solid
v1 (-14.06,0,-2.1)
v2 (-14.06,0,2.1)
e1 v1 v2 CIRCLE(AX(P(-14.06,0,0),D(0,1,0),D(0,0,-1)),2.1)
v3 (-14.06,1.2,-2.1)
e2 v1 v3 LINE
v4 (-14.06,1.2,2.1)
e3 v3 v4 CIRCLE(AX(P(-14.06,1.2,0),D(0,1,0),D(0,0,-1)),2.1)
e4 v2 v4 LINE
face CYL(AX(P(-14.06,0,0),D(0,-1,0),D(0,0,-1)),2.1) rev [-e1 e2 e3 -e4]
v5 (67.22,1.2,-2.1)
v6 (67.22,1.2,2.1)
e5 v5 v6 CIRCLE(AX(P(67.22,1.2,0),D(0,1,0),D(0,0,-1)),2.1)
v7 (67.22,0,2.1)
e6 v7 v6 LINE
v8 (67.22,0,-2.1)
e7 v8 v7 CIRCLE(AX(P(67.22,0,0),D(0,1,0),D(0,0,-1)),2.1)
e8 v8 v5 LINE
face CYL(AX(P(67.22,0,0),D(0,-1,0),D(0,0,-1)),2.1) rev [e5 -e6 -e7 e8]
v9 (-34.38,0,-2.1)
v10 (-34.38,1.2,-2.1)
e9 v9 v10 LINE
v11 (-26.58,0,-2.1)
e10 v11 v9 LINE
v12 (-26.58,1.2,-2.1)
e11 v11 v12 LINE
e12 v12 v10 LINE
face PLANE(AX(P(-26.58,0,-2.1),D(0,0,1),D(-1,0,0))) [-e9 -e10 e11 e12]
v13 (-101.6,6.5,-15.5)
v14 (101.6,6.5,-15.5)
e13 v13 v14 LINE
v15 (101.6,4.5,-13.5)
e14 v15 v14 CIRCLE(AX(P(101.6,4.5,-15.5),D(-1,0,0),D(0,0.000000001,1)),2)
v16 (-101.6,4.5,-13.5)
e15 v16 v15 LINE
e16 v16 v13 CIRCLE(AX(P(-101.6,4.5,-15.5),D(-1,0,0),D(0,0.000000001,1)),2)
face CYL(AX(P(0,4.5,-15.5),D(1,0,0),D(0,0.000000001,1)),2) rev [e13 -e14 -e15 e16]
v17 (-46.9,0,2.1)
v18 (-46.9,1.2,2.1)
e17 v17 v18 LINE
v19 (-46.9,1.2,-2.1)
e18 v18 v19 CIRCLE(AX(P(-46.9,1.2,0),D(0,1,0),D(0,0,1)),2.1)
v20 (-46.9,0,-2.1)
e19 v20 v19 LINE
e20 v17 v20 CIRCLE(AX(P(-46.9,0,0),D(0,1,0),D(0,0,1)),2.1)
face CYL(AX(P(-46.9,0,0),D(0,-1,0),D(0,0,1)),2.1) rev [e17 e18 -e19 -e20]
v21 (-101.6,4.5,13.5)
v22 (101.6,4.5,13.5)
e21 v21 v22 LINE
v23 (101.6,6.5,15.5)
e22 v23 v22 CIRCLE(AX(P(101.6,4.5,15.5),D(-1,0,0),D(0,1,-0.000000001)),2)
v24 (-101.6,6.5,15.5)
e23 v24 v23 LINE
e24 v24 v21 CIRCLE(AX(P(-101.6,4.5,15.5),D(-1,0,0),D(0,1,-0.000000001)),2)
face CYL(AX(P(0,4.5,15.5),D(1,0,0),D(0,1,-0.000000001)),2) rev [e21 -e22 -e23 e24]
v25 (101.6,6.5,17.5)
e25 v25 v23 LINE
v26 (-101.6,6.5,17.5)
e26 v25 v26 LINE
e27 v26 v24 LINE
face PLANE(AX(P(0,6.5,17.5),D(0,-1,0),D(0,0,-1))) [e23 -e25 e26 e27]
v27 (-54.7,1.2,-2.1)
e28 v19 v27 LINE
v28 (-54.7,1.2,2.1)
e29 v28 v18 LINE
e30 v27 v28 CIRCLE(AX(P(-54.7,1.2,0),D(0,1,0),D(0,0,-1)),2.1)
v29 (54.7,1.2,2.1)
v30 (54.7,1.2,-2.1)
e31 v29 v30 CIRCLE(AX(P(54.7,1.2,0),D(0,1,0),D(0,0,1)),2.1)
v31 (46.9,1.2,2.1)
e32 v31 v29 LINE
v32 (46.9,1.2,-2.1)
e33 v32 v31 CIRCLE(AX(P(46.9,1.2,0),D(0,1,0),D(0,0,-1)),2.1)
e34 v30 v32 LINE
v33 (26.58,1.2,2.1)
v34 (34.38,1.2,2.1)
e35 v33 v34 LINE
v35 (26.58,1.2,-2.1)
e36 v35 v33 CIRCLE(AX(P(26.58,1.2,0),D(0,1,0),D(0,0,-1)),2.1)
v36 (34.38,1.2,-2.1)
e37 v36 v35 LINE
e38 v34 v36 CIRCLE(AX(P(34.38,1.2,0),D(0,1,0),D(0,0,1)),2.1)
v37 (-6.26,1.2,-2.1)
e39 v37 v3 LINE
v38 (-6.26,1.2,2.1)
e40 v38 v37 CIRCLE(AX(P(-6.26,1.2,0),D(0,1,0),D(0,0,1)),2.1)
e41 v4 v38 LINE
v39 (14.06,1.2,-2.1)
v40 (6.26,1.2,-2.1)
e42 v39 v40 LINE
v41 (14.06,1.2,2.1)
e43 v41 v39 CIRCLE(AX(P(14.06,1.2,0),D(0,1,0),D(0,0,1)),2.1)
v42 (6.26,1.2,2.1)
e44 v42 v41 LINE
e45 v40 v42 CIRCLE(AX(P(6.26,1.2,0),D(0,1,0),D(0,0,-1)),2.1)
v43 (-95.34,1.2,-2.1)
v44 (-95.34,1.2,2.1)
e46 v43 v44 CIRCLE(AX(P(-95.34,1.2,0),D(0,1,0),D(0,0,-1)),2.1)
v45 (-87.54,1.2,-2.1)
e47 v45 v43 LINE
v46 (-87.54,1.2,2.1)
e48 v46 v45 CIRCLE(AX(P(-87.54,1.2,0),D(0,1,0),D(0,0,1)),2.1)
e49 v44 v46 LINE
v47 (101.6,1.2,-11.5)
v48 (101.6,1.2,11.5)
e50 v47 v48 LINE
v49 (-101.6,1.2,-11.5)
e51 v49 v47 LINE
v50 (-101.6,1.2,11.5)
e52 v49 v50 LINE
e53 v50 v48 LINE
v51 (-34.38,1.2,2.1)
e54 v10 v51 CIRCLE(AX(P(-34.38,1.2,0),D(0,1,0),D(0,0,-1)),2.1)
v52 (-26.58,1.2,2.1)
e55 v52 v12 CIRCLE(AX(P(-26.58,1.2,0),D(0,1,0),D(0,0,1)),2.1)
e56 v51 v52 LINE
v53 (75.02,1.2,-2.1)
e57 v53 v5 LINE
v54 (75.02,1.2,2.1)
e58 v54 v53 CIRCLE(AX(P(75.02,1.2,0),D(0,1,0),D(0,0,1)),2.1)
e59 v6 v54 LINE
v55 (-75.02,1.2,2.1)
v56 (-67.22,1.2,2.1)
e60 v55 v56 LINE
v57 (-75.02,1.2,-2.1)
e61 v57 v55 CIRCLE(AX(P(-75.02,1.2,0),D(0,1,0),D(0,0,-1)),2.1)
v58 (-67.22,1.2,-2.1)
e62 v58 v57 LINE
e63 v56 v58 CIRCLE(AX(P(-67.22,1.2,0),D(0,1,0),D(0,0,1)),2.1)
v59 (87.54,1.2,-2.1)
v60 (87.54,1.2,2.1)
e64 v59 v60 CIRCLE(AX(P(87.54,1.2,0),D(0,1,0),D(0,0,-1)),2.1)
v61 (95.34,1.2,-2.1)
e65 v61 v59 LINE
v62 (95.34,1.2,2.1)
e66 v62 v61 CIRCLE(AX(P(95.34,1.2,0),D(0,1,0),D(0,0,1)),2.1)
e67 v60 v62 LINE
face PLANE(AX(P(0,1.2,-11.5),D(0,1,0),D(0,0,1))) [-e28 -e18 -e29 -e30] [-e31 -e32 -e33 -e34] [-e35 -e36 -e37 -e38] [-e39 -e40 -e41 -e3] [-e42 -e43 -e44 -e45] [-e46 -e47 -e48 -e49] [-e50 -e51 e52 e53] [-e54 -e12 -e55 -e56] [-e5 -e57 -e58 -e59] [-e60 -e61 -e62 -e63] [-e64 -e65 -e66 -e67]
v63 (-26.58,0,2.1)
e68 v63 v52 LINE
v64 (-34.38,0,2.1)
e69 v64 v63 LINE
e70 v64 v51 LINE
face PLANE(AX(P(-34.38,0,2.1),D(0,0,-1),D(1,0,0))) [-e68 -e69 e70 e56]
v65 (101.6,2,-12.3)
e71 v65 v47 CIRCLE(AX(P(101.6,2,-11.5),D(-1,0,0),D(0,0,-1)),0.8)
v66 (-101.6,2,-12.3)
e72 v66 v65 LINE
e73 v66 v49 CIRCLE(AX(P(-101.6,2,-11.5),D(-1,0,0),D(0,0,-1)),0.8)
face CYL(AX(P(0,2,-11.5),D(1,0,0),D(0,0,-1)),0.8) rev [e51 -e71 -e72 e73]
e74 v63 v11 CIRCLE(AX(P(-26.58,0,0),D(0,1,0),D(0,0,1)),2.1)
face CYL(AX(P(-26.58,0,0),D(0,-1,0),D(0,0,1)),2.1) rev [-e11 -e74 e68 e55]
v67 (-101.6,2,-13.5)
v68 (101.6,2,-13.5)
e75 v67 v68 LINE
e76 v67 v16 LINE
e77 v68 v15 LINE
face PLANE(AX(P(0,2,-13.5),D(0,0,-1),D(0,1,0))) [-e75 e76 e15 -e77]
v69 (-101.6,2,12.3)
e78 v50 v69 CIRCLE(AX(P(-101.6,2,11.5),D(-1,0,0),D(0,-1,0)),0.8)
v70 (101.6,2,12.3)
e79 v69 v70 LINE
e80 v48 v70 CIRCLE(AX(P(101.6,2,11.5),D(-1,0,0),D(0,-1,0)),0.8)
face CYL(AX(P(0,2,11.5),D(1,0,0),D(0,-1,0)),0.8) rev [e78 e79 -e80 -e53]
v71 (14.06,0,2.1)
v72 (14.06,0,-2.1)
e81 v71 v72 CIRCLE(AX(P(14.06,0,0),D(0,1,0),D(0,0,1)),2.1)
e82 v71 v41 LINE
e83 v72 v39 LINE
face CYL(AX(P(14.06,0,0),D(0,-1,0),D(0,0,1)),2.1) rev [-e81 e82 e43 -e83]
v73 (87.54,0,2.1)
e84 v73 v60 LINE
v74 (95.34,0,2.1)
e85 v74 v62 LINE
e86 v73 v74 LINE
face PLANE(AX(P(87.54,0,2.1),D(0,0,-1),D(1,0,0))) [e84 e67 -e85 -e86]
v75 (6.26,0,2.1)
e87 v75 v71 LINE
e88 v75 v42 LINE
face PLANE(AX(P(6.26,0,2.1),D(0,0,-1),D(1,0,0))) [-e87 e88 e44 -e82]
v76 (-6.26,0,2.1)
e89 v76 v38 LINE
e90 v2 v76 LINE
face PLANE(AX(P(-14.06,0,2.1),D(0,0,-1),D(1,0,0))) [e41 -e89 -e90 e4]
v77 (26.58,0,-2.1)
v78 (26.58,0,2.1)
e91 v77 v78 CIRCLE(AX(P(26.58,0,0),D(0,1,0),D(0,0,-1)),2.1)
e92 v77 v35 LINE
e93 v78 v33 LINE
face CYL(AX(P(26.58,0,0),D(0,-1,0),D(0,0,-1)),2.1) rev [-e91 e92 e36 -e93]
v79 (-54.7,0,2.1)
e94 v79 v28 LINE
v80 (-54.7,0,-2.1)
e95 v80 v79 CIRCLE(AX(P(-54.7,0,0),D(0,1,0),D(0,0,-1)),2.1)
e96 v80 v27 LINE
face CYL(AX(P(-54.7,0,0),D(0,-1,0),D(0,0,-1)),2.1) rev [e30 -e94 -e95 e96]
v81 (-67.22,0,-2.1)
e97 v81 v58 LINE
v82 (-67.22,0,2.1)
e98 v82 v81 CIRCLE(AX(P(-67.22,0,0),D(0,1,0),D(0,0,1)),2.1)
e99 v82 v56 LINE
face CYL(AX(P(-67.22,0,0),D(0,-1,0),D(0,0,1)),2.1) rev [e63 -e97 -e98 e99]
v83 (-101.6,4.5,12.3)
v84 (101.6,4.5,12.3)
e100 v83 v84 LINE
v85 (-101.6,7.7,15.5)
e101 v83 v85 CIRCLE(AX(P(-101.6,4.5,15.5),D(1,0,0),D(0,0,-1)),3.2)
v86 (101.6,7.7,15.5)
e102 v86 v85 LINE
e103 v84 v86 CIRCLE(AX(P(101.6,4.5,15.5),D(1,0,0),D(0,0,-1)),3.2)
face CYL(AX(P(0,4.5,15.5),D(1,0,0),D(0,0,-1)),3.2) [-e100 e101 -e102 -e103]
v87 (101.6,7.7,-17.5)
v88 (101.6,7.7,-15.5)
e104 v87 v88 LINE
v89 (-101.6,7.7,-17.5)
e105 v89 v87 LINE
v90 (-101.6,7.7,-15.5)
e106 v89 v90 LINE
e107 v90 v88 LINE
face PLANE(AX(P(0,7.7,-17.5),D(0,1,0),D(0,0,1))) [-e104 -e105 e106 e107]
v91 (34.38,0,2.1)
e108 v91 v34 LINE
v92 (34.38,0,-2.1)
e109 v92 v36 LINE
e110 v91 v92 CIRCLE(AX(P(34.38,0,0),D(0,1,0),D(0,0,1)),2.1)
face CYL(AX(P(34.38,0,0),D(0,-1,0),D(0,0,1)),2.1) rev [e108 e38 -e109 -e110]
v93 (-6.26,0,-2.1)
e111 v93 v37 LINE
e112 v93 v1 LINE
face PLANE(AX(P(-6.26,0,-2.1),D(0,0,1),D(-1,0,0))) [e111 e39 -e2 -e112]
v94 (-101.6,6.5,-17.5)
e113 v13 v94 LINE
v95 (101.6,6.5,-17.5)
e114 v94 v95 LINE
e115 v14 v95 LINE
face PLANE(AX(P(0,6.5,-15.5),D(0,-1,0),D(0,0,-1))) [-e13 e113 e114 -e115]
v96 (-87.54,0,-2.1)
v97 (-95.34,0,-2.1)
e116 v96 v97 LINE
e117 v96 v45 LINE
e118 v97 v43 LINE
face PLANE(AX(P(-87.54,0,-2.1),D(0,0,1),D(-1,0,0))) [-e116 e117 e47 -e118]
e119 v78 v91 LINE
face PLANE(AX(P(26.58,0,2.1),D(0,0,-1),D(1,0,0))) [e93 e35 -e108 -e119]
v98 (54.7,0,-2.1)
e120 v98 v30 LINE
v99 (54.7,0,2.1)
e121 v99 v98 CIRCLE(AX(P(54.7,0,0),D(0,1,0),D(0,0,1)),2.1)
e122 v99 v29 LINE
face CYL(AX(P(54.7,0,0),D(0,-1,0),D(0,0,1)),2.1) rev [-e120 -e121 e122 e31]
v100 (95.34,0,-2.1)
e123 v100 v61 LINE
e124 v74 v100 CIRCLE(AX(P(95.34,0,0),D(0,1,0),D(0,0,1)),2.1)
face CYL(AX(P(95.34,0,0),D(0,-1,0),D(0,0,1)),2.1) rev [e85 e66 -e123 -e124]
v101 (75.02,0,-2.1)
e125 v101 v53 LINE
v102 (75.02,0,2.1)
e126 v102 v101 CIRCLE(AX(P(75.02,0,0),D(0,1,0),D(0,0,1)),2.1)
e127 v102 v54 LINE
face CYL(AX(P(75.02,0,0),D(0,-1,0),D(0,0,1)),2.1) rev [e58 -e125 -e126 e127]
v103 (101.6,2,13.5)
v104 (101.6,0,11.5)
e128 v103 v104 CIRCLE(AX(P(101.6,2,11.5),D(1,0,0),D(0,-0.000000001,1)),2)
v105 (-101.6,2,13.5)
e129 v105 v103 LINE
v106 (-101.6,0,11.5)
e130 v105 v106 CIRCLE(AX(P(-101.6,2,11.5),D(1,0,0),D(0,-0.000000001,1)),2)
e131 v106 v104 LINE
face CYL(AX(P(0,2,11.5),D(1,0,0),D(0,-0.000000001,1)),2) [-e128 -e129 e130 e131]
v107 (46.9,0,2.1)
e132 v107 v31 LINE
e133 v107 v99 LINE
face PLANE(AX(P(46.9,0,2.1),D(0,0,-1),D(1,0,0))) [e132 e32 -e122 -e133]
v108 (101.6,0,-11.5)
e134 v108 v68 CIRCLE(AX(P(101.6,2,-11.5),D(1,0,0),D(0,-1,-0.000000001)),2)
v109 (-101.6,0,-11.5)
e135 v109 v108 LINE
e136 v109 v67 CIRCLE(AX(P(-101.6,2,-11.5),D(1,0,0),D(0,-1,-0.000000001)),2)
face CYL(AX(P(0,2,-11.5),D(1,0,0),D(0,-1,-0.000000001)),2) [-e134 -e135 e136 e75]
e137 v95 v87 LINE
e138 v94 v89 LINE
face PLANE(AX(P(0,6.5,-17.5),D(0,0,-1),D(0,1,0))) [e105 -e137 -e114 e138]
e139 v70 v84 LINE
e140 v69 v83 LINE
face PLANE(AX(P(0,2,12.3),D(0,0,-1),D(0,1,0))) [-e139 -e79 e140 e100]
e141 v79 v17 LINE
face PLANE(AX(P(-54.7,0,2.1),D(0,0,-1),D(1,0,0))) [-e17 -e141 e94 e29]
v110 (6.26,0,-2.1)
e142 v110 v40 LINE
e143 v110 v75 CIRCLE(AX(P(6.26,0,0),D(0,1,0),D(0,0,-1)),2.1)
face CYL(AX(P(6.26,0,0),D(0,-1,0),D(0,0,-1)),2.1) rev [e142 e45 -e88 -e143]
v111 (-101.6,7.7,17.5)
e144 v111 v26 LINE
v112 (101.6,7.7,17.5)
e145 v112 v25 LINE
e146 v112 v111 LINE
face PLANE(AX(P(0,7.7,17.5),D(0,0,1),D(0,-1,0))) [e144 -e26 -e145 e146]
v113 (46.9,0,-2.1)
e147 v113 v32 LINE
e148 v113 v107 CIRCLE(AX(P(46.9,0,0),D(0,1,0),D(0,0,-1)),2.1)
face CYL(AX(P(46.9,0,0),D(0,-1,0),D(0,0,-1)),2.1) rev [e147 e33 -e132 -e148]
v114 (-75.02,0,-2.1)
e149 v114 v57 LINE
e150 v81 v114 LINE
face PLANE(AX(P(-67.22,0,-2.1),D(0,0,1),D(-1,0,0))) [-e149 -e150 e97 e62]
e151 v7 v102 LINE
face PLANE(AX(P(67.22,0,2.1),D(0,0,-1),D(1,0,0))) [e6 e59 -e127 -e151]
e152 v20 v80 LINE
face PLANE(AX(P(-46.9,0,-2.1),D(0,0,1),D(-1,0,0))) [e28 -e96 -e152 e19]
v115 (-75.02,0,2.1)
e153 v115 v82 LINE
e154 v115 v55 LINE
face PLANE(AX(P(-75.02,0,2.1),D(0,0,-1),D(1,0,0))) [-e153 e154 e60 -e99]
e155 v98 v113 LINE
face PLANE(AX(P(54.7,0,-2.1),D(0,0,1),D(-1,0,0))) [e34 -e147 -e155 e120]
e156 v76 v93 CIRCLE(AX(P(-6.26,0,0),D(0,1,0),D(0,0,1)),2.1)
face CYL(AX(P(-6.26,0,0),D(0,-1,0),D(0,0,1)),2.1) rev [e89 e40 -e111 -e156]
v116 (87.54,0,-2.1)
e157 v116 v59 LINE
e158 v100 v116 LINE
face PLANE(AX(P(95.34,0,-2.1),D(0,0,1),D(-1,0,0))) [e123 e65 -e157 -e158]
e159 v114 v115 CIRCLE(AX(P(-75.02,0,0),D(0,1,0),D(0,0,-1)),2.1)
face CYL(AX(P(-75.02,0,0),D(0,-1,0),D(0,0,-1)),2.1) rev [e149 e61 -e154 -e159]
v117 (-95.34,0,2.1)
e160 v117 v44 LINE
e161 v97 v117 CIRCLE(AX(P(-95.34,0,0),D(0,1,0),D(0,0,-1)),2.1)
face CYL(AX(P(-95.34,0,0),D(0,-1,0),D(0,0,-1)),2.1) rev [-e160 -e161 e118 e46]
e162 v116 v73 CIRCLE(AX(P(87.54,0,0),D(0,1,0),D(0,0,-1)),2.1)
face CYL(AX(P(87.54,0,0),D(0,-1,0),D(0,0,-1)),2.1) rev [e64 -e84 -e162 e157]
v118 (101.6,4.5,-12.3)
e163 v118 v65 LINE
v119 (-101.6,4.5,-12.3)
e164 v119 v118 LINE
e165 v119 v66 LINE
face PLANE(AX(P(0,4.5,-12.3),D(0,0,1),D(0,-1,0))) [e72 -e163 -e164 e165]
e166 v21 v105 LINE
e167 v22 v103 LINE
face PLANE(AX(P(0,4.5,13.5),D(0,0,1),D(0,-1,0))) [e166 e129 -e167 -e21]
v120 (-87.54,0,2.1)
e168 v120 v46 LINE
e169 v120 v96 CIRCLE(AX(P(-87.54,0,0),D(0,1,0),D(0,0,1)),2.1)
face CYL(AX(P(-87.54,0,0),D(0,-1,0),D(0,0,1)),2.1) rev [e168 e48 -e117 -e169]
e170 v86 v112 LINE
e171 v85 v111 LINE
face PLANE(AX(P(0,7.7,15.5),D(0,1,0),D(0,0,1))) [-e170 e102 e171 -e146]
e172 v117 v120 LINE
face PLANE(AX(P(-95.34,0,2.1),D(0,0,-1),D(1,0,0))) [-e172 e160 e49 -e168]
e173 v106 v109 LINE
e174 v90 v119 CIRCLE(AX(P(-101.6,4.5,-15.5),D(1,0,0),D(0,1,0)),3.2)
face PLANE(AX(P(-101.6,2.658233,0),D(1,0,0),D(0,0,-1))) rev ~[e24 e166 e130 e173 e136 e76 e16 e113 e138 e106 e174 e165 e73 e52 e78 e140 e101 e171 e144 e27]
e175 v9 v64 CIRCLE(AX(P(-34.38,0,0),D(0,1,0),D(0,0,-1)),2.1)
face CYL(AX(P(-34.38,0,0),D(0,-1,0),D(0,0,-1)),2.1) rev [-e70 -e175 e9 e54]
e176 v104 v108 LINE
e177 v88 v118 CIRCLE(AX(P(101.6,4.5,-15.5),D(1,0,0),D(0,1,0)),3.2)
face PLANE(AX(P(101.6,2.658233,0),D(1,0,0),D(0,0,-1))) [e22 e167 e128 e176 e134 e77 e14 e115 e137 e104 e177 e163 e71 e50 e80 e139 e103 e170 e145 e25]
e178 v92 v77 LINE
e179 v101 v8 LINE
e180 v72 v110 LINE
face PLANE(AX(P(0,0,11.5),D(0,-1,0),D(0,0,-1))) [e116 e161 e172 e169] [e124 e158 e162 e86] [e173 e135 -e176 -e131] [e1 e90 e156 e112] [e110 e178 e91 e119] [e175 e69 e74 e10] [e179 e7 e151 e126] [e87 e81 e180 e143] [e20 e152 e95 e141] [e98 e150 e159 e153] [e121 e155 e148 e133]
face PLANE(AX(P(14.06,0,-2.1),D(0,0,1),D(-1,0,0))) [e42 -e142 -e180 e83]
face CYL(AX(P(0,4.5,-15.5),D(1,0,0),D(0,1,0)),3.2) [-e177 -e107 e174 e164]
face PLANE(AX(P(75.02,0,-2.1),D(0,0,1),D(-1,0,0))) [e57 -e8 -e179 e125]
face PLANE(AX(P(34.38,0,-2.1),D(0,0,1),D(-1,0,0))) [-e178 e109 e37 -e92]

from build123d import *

# Parameters (mm, degrees)
EXTRUDE_THIN1_DEPTH = 101.6
CUT_EXTRUDE1_DEPTH  = 1.2
LPATTERN1_COUNT     = 10
LPATTERN1_PITCH     = 20.32


with BuildPart() as part:
    # Sketch1 → Extrude-Thin1 (new body, symmetric)
    with BuildSketch(Plane(origin=(0, 0, 0), x_dir=(0, 0, -1), z_dir=(1, 0, 0))):
        with BuildLine():
            Line((-17.5, 6.5), (-15.5, 6.5))
            ThreePointArc((-15.5, 6.5), (-14.085786438, 5.914213562), (-13.5, 4.5))
            Line((-13.5, 4.5), (-13.5, 2))
            ThreePointArc((-13.5, 2), (-12.914213562, 0.585786438), (-11.5, 0))
            Line((-11.5, 0), (11.5, 0))
            ThreePointArc((11.5, 0), (12.914213562, 0.585786438), (13.5, 2))
            Line((13.5, 2), (13.5, 4.5))
            ThreePointArc((13.5, 4.5), (14.085786438, 5.914213562), (15.5, 6.5))
            Line((15.5, 6.5), (17.5, 6.5))
            Line((17.5, 6.5), (17.5, 7.7))
            Line((17.5, 7.7), (15.5, 7.7))
            ThreePointArc((15.5, 7.7), (13.2372583, 6.7627417), (12.3, 4.5))
            Line((12.3, 4.5), (12.3, 2))
            ThreePointArc((12.3, 2), (12.065685425, 1.434314575), (11.5, 1.2))
            Line((11.5, 1.2), (-11.5, 1.2))
            ThreePointArc((-11.5, 1.2), (-12.065685425, 1.434314575), (-12.3, 2))
            Line((-12.3, 2), (-12.3, 4.5))
            ThreePointArc((-12.3, 4.5), (-13.2372583, 6.7627417), (-15.5, 7.7))
            Line((-15.5, 7.7), (-17.5, 7.7))
            Line((-17.5, 7.7), (-17.5, 6.5))
        make_face()
    extrude(amount=EXTRUDE_THIN1_DEPTH, both=True)

    # Sketch2 → Cut-Extrude1 (cut)
    with BuildSketch(Plane.XZ):
        with BuildLine():
            Line((87.54, 2.1), (95.34, 2.1))
            ThreePointArc((95.34, 2.1), (97.44, 0), (95.34, -2.1))
            Line((95.34, -2.1), (87.54, -2.1))
            ThreePointArc((87.54, -2.1), (85.44, 0), (87.54, 2.1))
        make_face()
    cut_extrude1 = extrude(amount=-CUT_EXTRUDE1_DEPTH, mode=Mode.SUBTRACT)

    # LPattern1: Cut-Extrude1 ×10
    with Locations(*[(-i * LPATTERN1_PITCH, 0, 0) for i in range(1, LPATTERN1_COUNT)]):
        add(cut_extrude1, mode=Mode.SUBTRACT)


solid = part.part
